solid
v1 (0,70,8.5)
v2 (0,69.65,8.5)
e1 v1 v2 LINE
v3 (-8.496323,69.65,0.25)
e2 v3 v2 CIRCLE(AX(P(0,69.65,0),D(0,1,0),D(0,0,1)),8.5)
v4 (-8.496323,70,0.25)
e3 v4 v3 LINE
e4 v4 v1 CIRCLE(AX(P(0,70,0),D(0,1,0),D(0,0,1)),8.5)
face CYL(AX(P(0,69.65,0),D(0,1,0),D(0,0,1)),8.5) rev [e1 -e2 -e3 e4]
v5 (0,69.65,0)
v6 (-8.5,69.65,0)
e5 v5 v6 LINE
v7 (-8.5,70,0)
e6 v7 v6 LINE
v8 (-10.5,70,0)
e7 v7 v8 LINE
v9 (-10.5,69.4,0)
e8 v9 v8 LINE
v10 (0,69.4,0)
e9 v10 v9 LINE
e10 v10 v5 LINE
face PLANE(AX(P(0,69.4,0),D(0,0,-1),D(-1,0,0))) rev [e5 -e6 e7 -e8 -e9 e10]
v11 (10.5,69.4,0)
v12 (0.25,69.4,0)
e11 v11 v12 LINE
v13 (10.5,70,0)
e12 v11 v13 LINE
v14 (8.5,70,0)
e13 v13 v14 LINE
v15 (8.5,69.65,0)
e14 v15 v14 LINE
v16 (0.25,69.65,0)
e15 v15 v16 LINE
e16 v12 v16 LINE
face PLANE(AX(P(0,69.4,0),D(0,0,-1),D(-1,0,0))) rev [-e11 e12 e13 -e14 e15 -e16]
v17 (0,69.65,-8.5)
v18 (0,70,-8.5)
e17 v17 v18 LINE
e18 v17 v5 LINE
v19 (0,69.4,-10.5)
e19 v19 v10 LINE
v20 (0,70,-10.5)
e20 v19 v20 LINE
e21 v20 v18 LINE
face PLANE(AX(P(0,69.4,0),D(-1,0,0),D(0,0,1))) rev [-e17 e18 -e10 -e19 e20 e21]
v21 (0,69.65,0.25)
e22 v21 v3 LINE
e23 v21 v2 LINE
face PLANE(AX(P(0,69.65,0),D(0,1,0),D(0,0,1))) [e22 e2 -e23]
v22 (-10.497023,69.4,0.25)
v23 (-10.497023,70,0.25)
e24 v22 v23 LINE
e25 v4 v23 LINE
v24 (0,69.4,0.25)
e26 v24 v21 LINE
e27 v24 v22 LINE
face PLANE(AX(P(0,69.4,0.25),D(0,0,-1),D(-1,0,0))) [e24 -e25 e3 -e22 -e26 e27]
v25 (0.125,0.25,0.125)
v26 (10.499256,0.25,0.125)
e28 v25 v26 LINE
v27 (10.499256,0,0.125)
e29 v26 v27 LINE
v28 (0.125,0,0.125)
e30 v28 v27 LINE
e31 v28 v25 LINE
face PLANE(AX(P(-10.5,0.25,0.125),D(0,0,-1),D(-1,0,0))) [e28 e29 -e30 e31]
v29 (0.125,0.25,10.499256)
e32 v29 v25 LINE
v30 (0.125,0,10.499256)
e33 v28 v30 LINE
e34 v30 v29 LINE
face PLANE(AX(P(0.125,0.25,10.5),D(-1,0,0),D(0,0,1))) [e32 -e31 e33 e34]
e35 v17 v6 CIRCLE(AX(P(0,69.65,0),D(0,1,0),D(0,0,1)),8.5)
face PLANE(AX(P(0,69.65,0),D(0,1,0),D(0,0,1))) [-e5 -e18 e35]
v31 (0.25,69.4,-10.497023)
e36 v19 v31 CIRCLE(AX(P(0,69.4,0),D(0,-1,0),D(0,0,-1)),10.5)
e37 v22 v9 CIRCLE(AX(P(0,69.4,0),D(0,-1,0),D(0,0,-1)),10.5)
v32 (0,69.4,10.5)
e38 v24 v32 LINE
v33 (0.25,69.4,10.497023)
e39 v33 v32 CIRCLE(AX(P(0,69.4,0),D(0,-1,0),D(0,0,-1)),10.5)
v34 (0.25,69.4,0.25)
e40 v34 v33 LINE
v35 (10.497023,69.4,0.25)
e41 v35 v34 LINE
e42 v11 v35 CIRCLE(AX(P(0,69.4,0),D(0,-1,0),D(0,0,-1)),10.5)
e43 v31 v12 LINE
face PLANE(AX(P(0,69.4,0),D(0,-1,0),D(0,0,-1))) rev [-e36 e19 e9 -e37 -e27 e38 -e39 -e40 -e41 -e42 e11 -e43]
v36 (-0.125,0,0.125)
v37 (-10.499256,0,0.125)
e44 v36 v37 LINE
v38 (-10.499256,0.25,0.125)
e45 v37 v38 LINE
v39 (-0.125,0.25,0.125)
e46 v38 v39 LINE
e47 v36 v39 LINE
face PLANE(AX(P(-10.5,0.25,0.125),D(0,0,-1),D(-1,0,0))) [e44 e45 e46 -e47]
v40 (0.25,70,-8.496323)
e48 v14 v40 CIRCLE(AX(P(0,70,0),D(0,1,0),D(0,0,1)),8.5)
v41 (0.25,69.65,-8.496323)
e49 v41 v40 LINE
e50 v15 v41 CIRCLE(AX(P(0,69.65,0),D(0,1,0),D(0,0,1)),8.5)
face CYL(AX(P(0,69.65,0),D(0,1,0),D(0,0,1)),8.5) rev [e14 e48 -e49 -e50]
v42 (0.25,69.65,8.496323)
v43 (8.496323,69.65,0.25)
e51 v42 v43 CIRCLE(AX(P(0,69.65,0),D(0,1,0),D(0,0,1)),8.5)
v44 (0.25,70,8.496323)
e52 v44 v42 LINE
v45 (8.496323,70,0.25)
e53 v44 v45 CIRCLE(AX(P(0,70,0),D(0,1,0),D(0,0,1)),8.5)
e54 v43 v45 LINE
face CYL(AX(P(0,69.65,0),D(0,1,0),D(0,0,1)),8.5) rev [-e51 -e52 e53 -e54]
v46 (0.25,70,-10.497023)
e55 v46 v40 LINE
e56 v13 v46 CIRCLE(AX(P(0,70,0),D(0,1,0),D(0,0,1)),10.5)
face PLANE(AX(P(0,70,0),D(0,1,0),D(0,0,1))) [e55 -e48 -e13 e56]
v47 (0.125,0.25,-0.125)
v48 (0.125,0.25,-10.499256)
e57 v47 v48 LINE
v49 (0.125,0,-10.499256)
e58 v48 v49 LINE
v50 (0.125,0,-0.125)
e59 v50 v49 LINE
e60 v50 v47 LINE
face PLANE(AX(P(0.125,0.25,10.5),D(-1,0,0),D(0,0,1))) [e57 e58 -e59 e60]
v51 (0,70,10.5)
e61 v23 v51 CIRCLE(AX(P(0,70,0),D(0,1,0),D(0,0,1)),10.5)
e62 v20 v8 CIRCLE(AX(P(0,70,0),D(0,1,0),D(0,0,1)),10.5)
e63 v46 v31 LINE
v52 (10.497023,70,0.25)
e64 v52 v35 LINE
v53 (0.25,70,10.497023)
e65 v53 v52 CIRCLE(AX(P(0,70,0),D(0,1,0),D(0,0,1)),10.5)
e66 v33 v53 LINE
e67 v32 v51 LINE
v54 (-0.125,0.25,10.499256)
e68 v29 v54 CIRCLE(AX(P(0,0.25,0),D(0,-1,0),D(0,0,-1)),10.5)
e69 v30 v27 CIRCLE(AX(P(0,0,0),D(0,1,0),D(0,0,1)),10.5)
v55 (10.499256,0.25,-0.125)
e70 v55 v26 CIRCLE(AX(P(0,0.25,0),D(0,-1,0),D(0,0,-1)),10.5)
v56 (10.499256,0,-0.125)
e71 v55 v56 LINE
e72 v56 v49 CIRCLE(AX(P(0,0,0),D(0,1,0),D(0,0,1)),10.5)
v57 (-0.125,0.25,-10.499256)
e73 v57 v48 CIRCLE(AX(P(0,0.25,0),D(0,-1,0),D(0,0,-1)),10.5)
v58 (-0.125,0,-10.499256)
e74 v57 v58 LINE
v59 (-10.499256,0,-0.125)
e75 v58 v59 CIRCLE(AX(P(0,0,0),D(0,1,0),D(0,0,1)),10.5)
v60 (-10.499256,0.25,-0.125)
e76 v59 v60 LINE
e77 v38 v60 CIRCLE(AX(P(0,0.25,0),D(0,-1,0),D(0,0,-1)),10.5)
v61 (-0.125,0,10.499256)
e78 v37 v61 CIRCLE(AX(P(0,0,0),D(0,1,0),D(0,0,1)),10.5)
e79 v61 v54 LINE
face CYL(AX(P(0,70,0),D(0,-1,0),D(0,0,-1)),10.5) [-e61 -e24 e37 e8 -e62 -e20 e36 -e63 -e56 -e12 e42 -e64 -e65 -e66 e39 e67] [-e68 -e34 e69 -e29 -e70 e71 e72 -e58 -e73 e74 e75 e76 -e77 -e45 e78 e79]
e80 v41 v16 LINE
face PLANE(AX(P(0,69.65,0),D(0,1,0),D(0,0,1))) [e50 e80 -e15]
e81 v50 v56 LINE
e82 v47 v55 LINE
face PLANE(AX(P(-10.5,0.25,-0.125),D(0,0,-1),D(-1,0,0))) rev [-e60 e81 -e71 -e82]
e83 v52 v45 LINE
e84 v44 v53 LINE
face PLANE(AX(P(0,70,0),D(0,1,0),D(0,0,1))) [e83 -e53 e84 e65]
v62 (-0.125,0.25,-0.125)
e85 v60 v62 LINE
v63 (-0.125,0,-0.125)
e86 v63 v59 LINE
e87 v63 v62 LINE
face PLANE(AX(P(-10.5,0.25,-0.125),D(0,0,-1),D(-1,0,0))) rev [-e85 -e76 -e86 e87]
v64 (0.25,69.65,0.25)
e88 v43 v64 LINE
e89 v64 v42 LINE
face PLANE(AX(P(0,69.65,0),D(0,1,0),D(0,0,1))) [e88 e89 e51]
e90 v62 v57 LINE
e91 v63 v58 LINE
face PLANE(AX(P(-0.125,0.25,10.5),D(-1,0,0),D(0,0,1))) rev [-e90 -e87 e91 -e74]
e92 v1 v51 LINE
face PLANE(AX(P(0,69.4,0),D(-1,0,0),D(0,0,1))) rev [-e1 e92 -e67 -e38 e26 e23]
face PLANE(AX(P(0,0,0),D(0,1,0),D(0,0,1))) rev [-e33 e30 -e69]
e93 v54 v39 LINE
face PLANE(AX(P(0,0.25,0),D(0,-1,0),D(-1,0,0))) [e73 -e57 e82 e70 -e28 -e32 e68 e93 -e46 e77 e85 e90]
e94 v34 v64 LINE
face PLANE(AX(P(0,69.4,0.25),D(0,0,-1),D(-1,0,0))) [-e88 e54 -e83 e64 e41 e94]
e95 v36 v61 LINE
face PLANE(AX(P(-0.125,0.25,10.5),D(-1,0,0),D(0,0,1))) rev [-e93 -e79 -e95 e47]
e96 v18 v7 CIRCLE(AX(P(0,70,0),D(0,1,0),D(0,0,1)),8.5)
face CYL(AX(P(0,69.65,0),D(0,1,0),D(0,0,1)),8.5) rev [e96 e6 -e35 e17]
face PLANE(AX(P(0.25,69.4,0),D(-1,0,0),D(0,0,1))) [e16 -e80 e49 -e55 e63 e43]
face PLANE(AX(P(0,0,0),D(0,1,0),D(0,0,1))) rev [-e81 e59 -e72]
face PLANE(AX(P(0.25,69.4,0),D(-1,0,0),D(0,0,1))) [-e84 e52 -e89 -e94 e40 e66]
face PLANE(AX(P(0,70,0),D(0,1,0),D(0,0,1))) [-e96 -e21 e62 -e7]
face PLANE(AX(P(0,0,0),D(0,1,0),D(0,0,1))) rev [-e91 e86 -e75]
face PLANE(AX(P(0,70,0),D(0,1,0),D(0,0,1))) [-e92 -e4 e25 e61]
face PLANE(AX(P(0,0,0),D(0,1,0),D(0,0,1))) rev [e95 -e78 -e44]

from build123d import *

# Parameters (mm, degrees)
SKETCH1_R               = 10.5
BOSS_EXTRUDE1_DEPTH     = 70
SKETCH2_R               = 8.5
CUT_EXTRUDE1_DEPTH      = 0.35
SKETCH3_W               = 21
SKETCH3_H               = 0.25
SKETCH3_W_2             = 0.25
SKETCH3_H_2             = 21
CUT_EXTRUDE_THIN1_DEPTH = 0.25
CUT_EXTRUDE_THIN2_START = 70
SKETCH3_2_W             = 21
SKETCH3_2_H             = 0.25
SKETCH3_2_W_2           = 0.25
SKETCH3_2_H_2           = 21
CUT_EXTRUDE_THIN2_DEPTH = 0.6


with BuildPart() as part:
    # Sketch1 → Boss-Extrude1 (new body)
    with BuildSketch(Plane(origin=(0, 0, 0), x_dir=(1, 0, 0), z_dir=(0, 1, 0))):
        Circle(SKETCH1_R)
    extrude(amount=BOSS_EXTRUDE1_DEPTH)

    # Sketch2 → Cut-Extrude1 (cut)
    with BuildSketch(Plane(origin=(0, 70, 0), x_dir=(1, 0, 0), z_dir=(0, 1, 0))):
        Circle(SKETCH2_R)
    extrude(amount=-CUT_EXTRUDE1_DEPTH, mode=Mode.SUBTRACT)

    # Sketch3 → Cut-Extrude-Thin1 (cut)
    with BuildSketch(Plane(origin=(0, 0, 0), x_dir=(1, 0, 0), z_dir=(0, 1, 0))):
        Rectangle(SKETCH3_W, SKETCH3_H)
        Rectangle(SKETCH3_W_2, SKETCH3_H_2)
    extrude(amount=CUT_EXTRUDE_THIN1_DEPTH, mode=Mode.SUBTRACT)

    # Sketch3<2> → Cut-Extrude-Thin2 (cut)
    with BuildSketch(Plane(origin=(0, 0, 0), x_dir=(1, 0, 0), z_dir=(0, 1, 0)).offset(CUT_EXTRUDE_THIN2_START)):
        with Locations((0, -0.125)):
            Rectangle(SKETCH3_2_W, SKETCH3_2_H)
        with Locations((0.125, 0)):
            Rectangle(SKETCH3_2_W_2, SKETCH3_2_H_2)
    extrude(amount=-CUT_EXTRUDE_THIN2_DEPTH, mode=Mode.SUBTRACT)


solid = part.part
